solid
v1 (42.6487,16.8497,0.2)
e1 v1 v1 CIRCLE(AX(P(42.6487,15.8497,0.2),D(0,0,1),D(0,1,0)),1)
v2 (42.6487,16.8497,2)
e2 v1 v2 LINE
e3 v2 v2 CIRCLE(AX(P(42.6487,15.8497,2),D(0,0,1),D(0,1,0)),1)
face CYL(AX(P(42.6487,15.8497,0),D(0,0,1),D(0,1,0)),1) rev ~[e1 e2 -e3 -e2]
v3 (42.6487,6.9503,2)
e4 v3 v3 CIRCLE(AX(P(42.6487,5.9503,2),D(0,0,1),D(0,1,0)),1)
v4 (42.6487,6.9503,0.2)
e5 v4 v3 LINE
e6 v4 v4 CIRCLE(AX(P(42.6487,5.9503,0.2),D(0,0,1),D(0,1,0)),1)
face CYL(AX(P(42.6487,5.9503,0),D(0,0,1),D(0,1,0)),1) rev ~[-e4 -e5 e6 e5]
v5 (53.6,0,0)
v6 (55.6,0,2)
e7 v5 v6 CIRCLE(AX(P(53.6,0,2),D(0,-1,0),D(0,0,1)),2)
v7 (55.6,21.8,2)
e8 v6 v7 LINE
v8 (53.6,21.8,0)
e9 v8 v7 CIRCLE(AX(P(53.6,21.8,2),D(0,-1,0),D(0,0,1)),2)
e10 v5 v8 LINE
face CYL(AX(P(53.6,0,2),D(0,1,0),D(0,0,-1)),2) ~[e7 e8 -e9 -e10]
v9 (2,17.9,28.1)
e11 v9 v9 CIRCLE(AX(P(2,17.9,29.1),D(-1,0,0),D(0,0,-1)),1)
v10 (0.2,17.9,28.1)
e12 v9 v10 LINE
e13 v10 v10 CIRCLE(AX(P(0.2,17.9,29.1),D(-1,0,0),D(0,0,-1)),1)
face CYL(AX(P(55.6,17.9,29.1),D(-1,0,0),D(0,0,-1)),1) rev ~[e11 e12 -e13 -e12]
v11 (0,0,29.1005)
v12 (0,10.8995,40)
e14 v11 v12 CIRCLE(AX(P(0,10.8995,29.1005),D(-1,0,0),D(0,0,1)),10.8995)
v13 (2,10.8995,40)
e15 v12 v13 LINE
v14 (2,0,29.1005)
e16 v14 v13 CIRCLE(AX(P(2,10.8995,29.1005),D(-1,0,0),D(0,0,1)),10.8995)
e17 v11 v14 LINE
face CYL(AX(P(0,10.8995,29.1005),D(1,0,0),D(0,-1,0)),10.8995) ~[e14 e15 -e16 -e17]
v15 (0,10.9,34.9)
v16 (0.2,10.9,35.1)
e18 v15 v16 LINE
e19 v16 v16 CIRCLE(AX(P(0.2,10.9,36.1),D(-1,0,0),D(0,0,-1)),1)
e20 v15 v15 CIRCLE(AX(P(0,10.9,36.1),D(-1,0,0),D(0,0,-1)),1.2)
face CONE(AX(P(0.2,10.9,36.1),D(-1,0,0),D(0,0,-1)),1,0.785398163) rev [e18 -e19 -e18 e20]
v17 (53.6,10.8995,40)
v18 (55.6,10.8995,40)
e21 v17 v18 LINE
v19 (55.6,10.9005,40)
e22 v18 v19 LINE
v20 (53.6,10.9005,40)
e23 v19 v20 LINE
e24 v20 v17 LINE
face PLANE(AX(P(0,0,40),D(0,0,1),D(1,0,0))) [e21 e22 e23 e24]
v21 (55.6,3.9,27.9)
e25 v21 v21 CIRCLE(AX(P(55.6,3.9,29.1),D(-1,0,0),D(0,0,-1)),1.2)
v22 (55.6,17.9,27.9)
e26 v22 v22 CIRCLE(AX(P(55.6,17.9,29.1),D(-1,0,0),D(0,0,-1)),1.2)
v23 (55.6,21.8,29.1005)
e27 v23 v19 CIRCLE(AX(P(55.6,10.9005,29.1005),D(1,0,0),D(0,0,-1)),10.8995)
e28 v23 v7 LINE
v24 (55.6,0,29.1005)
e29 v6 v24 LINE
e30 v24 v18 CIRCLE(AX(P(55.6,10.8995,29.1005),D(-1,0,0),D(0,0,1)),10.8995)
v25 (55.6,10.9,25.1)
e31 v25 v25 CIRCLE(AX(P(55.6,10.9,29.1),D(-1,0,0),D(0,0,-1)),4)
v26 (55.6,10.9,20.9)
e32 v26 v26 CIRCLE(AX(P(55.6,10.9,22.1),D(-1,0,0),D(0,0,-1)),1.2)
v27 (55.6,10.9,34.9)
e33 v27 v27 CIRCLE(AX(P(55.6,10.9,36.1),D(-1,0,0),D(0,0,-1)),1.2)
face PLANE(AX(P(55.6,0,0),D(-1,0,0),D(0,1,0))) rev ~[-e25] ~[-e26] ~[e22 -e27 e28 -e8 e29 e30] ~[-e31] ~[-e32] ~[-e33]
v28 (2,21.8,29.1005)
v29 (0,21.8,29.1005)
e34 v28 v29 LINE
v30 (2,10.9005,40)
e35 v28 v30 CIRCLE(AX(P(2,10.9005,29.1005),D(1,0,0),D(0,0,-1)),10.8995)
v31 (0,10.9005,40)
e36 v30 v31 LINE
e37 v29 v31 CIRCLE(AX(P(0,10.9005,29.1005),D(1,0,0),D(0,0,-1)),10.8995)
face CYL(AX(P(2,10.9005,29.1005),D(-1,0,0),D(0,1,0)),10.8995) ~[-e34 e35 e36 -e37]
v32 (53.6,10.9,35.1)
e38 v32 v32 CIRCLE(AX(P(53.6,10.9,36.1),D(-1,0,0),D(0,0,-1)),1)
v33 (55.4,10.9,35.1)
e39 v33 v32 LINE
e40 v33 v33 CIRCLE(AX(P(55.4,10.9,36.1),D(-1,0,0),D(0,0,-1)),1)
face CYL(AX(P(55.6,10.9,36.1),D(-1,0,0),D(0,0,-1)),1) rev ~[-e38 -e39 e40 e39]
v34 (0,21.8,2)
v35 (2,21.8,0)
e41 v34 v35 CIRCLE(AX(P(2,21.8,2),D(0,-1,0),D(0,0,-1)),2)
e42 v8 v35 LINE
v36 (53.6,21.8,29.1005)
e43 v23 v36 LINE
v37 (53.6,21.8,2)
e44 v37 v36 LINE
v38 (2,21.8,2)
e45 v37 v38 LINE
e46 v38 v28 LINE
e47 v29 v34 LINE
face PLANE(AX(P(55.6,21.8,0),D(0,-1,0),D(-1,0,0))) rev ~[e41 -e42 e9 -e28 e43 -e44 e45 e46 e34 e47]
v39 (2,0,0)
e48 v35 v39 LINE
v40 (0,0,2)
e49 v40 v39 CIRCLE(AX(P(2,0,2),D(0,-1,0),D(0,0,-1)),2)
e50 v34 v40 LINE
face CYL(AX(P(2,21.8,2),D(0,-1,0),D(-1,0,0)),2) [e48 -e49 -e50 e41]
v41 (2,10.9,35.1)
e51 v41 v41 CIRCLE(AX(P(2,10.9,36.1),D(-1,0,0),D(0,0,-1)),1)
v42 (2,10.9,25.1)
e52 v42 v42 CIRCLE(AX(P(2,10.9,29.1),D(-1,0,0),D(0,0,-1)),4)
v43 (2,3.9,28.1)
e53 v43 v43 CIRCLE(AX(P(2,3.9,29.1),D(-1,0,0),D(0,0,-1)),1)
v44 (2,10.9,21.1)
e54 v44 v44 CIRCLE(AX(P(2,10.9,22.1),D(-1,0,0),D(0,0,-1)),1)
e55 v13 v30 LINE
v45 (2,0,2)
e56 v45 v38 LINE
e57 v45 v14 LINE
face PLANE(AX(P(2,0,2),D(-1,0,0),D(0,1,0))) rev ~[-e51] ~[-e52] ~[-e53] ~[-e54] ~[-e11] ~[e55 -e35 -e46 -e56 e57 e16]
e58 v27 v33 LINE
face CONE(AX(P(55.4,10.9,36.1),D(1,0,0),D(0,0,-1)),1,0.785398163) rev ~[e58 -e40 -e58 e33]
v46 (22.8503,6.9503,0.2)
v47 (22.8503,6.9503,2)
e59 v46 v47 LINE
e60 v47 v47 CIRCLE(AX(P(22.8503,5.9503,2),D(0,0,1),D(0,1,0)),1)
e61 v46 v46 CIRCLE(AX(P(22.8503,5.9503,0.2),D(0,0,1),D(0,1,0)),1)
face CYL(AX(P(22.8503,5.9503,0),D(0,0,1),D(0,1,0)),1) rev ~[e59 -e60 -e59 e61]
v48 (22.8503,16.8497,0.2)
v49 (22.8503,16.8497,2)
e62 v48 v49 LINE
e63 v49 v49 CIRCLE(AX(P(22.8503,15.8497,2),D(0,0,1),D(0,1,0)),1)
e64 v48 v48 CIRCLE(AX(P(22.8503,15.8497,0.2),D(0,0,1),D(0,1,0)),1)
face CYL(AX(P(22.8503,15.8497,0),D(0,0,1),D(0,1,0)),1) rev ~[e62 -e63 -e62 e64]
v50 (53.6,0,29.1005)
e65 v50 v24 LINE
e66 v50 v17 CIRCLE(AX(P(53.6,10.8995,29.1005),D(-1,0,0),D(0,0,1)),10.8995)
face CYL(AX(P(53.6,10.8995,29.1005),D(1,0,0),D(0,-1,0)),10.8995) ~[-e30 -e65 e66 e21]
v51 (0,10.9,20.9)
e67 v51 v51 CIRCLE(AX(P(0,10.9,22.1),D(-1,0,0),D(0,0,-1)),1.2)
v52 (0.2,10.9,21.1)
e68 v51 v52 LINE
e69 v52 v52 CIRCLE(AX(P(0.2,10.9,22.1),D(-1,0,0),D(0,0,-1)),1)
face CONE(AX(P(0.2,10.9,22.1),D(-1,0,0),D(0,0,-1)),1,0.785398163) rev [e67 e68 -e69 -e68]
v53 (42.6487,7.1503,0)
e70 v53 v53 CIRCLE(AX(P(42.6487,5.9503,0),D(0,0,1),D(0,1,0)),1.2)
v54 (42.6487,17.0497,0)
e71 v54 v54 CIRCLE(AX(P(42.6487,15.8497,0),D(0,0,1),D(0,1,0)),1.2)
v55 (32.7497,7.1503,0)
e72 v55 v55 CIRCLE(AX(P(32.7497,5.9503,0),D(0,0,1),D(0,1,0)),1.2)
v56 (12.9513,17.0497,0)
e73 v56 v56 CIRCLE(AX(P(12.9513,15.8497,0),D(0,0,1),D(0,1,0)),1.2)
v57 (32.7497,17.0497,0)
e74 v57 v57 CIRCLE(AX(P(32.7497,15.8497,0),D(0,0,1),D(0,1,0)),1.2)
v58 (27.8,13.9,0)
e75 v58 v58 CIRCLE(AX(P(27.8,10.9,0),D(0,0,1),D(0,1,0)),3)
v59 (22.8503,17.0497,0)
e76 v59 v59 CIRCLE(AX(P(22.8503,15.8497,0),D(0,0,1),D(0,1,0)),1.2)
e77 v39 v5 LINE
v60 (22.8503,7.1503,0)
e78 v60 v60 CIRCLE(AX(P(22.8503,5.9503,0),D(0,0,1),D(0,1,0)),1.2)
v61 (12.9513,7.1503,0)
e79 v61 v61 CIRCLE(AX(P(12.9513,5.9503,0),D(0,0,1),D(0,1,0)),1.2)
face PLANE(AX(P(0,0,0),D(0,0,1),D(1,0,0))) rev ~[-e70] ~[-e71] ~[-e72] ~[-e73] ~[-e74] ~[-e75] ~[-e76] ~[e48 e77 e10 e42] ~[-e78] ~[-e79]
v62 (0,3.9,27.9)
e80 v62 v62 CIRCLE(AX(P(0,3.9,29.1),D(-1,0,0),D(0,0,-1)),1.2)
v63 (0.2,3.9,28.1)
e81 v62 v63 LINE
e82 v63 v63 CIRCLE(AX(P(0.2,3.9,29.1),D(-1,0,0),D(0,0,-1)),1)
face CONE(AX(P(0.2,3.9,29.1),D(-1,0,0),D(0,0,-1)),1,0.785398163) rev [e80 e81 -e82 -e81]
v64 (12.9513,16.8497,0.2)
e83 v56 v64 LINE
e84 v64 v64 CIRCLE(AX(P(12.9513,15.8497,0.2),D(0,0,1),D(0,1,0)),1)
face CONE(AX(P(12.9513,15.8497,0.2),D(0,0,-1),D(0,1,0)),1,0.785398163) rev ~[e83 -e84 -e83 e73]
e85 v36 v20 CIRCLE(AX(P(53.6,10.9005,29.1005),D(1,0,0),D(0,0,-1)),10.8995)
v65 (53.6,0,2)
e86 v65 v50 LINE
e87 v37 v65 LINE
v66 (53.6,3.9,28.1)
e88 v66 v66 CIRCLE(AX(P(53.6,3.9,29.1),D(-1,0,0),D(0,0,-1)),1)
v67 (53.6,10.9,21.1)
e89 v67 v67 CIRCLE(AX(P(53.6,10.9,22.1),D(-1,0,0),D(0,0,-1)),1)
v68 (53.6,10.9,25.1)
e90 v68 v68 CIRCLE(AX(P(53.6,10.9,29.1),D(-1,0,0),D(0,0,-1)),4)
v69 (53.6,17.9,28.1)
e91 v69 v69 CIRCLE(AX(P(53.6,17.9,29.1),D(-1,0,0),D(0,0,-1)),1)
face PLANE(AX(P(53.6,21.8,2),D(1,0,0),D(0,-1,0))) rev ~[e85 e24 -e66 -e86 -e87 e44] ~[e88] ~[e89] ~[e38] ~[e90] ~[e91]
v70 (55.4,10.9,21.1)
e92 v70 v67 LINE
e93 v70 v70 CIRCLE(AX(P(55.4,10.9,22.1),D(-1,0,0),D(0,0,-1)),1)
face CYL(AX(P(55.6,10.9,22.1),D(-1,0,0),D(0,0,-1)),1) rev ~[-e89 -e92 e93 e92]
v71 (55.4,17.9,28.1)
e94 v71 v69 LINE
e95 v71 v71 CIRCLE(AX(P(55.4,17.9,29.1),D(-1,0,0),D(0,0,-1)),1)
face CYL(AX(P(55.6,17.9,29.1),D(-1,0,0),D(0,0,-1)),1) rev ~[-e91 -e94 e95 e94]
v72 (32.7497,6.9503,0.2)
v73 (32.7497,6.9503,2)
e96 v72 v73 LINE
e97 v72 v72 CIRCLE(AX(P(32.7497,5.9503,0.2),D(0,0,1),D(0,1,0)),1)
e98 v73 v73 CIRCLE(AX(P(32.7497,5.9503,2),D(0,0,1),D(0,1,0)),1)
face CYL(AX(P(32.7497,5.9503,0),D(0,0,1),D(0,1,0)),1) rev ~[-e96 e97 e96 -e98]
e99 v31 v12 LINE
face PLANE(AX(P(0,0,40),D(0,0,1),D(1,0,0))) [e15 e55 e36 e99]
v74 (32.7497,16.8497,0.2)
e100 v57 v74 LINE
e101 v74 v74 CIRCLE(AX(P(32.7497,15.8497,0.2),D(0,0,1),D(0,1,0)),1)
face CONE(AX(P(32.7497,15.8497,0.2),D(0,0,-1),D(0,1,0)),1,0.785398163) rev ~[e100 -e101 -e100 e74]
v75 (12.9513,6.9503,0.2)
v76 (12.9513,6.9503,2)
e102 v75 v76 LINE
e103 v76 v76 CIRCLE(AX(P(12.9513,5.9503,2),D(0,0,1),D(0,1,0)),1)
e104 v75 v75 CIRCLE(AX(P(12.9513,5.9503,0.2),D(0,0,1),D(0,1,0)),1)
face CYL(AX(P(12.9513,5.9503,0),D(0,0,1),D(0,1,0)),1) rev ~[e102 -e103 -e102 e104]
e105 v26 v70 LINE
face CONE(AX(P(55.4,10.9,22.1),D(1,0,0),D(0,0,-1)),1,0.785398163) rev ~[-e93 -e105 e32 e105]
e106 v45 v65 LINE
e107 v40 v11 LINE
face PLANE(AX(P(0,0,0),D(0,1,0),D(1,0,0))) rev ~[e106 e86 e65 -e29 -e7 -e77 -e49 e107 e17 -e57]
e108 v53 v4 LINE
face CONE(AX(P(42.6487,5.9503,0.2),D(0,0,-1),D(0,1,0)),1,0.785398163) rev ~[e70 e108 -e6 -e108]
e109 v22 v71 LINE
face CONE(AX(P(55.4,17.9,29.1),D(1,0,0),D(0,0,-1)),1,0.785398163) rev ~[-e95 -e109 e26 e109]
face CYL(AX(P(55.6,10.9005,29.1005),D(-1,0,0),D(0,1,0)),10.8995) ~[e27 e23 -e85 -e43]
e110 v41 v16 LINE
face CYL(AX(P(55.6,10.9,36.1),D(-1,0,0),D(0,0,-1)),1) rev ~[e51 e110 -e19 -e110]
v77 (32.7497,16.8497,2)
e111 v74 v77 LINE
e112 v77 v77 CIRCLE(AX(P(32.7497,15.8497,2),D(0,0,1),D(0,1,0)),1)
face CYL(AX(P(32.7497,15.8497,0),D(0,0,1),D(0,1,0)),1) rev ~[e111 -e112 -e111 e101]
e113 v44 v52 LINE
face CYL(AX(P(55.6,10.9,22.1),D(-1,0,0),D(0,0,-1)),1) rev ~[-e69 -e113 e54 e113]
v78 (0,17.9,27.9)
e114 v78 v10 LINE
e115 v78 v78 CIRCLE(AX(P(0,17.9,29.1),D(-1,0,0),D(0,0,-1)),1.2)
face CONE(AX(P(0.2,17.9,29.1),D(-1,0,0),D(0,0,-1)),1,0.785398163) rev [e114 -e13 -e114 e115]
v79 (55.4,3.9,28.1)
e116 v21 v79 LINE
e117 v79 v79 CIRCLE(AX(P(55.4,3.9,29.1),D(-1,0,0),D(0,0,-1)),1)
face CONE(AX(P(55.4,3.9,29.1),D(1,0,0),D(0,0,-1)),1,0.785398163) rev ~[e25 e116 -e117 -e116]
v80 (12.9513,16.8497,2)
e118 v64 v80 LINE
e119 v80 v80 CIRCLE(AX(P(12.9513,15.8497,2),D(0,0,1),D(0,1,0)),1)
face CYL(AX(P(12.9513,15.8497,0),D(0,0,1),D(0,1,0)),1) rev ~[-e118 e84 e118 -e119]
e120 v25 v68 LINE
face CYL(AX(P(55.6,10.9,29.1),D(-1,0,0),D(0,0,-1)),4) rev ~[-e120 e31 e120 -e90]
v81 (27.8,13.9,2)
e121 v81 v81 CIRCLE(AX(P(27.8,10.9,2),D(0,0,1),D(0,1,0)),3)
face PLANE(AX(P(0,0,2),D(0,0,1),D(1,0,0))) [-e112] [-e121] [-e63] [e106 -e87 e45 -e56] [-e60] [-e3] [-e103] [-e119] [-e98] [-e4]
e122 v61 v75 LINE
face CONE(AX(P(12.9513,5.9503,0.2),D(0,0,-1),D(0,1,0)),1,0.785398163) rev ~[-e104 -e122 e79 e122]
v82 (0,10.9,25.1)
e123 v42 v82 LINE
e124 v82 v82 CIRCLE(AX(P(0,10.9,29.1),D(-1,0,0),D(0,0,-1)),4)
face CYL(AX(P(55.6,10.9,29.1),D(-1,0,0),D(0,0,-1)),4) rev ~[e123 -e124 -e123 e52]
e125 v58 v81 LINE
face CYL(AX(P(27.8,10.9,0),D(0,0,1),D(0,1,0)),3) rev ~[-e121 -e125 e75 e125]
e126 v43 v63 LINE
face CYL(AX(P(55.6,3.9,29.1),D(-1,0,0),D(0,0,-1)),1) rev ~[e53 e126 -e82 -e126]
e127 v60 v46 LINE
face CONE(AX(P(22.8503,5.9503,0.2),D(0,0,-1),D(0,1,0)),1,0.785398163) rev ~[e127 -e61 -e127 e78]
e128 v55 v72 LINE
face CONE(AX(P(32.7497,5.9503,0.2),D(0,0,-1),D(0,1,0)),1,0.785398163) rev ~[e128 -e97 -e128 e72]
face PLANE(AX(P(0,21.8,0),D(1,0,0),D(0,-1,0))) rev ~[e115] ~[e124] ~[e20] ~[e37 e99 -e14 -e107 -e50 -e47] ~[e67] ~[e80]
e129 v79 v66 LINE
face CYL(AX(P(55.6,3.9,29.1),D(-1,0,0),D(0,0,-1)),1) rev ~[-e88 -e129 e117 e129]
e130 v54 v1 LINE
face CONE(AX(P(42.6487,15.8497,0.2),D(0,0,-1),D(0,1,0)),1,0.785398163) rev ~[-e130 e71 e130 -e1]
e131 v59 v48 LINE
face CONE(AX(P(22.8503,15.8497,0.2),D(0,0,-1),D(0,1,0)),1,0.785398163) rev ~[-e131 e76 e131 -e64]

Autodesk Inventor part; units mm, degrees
ref_plane "YZ Plane" through (0, 0, 0) normal (1, 0, 0) x (0, 1, 0)
ref_plane "XZ Plane" through (0, 0, 0) normal (0, 1, 0) x (-1, 0, 0)
ref_plane "XY Plane" through (0, 0, 0) normal (0, 0, 1) x (1, 0, 0)
sketch "Sketch1" plane through (0, 0, 0) normal (0, 0, 1) x (1, 0, 0)
  line L0 (0, 0) -> (55.6, 0)
  line L1 (55.6, 0) -> (55.6, 21.8)
  line L2 (55.6, 21.8) -> (0, 21.8)
  line L3 (0, 21.8) -> (0, 0)
  dimension "d2" = 21.8
extrude "Extrusion1" add sketch "Sketch1" along normal blind 2
sketch "Sketch2" plane through (0, 0, 2) normal (0, 0, 1) x (1, 0, 0)
  line L0 (0, 21.8) -> (0, 0) projected
  line L1 (55.6, 21.8) -> (0, 21.8) projected
  line L2 (0, 0) -> (2, 0)
  line L3 (2, 0) -> (2, 21.8)
  line L4 (2, 21.8) -> (0, 21.8)
  line L5 (0, 21.8) -> (0, 0)
  line L6 (0, 0) -> (55.6, 0) projected
  line L7 (55.6, 21.8) -> (53.6, 21.8)
  line L8 (53.6, 21.8) -> (53.6, 0)
  line L9 (53.6, 0) -> (55.6, 0)
  line L10 (55.6, 0) -> (55.6, 21.8)
  dimension "d5" = 2
  dimension "d6" = 2
extrude "Extrusion2" add sketch "Sketch2" along normal blind 38 contours L1 L3 L2 L0 | L1 L10 L6 L8
fillet "Fillet1" radius 10.9 4 edges at (54.6, 21.8, 40) (54.6, 0, 40) (1, 0, 40) (1, 21.8, 40)
fillet "Fillet2" radius 2 2 edges at (55.6, 10.9, 0) (0, 10.9, 0)
sketch "Sketch3" plane through (55.6, 10.9, 29.1) normal (1, 0, 0) x (0, 0, -1)
  arc A0 (0, 10.9) -> (0, -10.9) centre (0, 0) ccw projected
  circle A1 centre (0, 0) radius 1
  point P0 (29.1, -10.9)
  dimension "d12" = 2
hole "Hole1" at (55.6, 10.9, 29.1) direction (-1, 0, 0) diameter 8 depth 70
sketch "Sketch4" plane through (55.6, 10.9, 29.1) normal (1, 0, 0) x (0, 0, -1)
  circle A0 centre (0, 0) radius 4 projected
  circle A1 centre (0, 0) radius 7
  circle A2 centre (0, 7) radius 1
  circle A3 centre (-7, 0) radius 1
  circle A4 centre (0, -7) radius 1
  circle A5 centre (7, 0) radius 1
  point P0 (29.1, -10.9)
  dimension "d22" = 14
  dimension "d23" = 2
  dimension "d26" = 360
hole "Hole2" at (55.6, 17.9, 29.1) at (55.6, 10.9, 22.1) at (55.6, 3.9, 29.1) at (55.6, 10.9, 36.1) direction (-1, 0, 0) diameter 2 depth 70
thread "Thread2" size "M2x0.4" class "6H" standard "ANSI Metric M Profile" length 4
thread "Thread3" size "M2x0.4" class "6H" standard "ANSI Metric M Profile" length 4
thread "Thread4" size "M2x0.4" class "6H" standard "ANSI Metric M Profile" length 4
thread "Thread5" size "M2x0.4" class "6H" standard "ANSI Metric M Profile" length 4
thread "Thread7" size "M2x0.4" class "6H" standard "ANSI Metric M Profile" length 5
thread "Thread8" size "M2x0.4" class "6H" standard "ANSI Metric M Profile" length 5
thread "Thread9" size "M2x0.4" class "6H" standard "ANSI Metric M Profile" length 5
thread "Thread10" size "M2x0.4" class "6H" standard "ANSI Metric M Profile" length 5
chamfer "Chamfer2" distance 0.2 angle 45 8 edges at (55.6, 10.9, 37.1) (55.6, 3.9, 30.1) (55.6, 10.9, 23.1) (55.6, 17.9, 30.1) (0, 10.9, 37.1) (0, 17.9, 30.1) (0, 3.9, 30.1) (0, 10.9, 23.1)
sketch "Sketch5" plane through (0, 0, 0) normal (0, 0, -1) x (-1, 0, 0)
  line L0 (-53.6, 21.8) -> (-2, 21.8) projected
  line L1 (-27.8, 21.8) -> (-27.8, 0)
  circle A0 centre (-27.8, 10.9) radius 3
  circle A1 centre (-27.8, 10.9) radius 7
  line L2 (-27.8, 10.9) -> (-40.3616, 10.9)
  line L3 (-27.8, 10.9) -> (-34.2529, 17.3529)
  line L4 (-27.8, 10.9) -> (-18.6742, 10.9) construction
  circle A2 centre (-32.7497, 15.8497) radius 1
  circle A3 centre (-32.7497, 5.9503) radius 1
  circle A4 centre (-22.8503, 5.9503) radius 1
  circle A5 centre (-22.8503, 15.8497) radius 1
  line L5 (-32.7497, 15.8497) -> (-42.6487, 15.8497)
  circle A6 centre (-42.6487, 15.8497) radius 1
  circle A7 centre (-42.6487, 5.9503) radius 1
  line L6 (-22.8503, 15.8497) -> (-12.9513, 15.8497)
  circle A8 centre (-12.9513, 15.8497) radius 1
  circle A9 centre (-12.9513, 5.9503) radius 1
  point P0 (0, 0)
  dimension "d60" = 14
  dimension "d59" = 6
  dimension "d61" = 135
  dimension "d62" = 2
  dimension "d65" = 360
  dimension "d67" = 9.899
  dimension "d68" = 2
  dimension "d69" = 2
  dimension "d70" = 9.899
  dimension "d71" = 2
  dimension "d72" = 2
hole "Hole3" at (42.6487, 15.8497, 0) at (32.7497, 15.8497, 0) at (22.8503, 15.8497, 0) at (12.9513, 15.8497, 0) at (12.9513, 5.9503, 0) at (22.8503, 5.9503, 0) at (32.7497, 5.9503, 0) at (42.6487, 5.9503, 0) direction (0, 0, 1) diameter 2 depth 3
sketch "Sketch6" plane through (0, 0, 0) normal (0, 0, -1) x (-1, 0, 0)
  line L0 (-2, 0) -> (-53.6, 0) projected
  line L1 (-27.8, 0) -> (-27.8, 21.8)
  line L2 (-53.6, 21.8) -> (-2, 21.8) projected
  circle A0 centre (-27.8, 10.9) radius 3
  point P0 (0, 0)
  dimension "d80" = 6
hole "Hole4" at (27.8, 10.9, 0) direction (0, 0, 1) diameter 6 depth 3
chamfer "Chamfer3" distance 0.2 angle 45 8 edges at (12.9513, 4.9503, 0) (22.8503, 4.9503, 0) (32.7497, 4.9503, 0) (42.6487, 4.9503, 0) (12.9513, 14.8497, 0) (22.8503, 14.8497, 0) (32.7497, 14.8497, 0) (42.6487, 14.8497, 0)
